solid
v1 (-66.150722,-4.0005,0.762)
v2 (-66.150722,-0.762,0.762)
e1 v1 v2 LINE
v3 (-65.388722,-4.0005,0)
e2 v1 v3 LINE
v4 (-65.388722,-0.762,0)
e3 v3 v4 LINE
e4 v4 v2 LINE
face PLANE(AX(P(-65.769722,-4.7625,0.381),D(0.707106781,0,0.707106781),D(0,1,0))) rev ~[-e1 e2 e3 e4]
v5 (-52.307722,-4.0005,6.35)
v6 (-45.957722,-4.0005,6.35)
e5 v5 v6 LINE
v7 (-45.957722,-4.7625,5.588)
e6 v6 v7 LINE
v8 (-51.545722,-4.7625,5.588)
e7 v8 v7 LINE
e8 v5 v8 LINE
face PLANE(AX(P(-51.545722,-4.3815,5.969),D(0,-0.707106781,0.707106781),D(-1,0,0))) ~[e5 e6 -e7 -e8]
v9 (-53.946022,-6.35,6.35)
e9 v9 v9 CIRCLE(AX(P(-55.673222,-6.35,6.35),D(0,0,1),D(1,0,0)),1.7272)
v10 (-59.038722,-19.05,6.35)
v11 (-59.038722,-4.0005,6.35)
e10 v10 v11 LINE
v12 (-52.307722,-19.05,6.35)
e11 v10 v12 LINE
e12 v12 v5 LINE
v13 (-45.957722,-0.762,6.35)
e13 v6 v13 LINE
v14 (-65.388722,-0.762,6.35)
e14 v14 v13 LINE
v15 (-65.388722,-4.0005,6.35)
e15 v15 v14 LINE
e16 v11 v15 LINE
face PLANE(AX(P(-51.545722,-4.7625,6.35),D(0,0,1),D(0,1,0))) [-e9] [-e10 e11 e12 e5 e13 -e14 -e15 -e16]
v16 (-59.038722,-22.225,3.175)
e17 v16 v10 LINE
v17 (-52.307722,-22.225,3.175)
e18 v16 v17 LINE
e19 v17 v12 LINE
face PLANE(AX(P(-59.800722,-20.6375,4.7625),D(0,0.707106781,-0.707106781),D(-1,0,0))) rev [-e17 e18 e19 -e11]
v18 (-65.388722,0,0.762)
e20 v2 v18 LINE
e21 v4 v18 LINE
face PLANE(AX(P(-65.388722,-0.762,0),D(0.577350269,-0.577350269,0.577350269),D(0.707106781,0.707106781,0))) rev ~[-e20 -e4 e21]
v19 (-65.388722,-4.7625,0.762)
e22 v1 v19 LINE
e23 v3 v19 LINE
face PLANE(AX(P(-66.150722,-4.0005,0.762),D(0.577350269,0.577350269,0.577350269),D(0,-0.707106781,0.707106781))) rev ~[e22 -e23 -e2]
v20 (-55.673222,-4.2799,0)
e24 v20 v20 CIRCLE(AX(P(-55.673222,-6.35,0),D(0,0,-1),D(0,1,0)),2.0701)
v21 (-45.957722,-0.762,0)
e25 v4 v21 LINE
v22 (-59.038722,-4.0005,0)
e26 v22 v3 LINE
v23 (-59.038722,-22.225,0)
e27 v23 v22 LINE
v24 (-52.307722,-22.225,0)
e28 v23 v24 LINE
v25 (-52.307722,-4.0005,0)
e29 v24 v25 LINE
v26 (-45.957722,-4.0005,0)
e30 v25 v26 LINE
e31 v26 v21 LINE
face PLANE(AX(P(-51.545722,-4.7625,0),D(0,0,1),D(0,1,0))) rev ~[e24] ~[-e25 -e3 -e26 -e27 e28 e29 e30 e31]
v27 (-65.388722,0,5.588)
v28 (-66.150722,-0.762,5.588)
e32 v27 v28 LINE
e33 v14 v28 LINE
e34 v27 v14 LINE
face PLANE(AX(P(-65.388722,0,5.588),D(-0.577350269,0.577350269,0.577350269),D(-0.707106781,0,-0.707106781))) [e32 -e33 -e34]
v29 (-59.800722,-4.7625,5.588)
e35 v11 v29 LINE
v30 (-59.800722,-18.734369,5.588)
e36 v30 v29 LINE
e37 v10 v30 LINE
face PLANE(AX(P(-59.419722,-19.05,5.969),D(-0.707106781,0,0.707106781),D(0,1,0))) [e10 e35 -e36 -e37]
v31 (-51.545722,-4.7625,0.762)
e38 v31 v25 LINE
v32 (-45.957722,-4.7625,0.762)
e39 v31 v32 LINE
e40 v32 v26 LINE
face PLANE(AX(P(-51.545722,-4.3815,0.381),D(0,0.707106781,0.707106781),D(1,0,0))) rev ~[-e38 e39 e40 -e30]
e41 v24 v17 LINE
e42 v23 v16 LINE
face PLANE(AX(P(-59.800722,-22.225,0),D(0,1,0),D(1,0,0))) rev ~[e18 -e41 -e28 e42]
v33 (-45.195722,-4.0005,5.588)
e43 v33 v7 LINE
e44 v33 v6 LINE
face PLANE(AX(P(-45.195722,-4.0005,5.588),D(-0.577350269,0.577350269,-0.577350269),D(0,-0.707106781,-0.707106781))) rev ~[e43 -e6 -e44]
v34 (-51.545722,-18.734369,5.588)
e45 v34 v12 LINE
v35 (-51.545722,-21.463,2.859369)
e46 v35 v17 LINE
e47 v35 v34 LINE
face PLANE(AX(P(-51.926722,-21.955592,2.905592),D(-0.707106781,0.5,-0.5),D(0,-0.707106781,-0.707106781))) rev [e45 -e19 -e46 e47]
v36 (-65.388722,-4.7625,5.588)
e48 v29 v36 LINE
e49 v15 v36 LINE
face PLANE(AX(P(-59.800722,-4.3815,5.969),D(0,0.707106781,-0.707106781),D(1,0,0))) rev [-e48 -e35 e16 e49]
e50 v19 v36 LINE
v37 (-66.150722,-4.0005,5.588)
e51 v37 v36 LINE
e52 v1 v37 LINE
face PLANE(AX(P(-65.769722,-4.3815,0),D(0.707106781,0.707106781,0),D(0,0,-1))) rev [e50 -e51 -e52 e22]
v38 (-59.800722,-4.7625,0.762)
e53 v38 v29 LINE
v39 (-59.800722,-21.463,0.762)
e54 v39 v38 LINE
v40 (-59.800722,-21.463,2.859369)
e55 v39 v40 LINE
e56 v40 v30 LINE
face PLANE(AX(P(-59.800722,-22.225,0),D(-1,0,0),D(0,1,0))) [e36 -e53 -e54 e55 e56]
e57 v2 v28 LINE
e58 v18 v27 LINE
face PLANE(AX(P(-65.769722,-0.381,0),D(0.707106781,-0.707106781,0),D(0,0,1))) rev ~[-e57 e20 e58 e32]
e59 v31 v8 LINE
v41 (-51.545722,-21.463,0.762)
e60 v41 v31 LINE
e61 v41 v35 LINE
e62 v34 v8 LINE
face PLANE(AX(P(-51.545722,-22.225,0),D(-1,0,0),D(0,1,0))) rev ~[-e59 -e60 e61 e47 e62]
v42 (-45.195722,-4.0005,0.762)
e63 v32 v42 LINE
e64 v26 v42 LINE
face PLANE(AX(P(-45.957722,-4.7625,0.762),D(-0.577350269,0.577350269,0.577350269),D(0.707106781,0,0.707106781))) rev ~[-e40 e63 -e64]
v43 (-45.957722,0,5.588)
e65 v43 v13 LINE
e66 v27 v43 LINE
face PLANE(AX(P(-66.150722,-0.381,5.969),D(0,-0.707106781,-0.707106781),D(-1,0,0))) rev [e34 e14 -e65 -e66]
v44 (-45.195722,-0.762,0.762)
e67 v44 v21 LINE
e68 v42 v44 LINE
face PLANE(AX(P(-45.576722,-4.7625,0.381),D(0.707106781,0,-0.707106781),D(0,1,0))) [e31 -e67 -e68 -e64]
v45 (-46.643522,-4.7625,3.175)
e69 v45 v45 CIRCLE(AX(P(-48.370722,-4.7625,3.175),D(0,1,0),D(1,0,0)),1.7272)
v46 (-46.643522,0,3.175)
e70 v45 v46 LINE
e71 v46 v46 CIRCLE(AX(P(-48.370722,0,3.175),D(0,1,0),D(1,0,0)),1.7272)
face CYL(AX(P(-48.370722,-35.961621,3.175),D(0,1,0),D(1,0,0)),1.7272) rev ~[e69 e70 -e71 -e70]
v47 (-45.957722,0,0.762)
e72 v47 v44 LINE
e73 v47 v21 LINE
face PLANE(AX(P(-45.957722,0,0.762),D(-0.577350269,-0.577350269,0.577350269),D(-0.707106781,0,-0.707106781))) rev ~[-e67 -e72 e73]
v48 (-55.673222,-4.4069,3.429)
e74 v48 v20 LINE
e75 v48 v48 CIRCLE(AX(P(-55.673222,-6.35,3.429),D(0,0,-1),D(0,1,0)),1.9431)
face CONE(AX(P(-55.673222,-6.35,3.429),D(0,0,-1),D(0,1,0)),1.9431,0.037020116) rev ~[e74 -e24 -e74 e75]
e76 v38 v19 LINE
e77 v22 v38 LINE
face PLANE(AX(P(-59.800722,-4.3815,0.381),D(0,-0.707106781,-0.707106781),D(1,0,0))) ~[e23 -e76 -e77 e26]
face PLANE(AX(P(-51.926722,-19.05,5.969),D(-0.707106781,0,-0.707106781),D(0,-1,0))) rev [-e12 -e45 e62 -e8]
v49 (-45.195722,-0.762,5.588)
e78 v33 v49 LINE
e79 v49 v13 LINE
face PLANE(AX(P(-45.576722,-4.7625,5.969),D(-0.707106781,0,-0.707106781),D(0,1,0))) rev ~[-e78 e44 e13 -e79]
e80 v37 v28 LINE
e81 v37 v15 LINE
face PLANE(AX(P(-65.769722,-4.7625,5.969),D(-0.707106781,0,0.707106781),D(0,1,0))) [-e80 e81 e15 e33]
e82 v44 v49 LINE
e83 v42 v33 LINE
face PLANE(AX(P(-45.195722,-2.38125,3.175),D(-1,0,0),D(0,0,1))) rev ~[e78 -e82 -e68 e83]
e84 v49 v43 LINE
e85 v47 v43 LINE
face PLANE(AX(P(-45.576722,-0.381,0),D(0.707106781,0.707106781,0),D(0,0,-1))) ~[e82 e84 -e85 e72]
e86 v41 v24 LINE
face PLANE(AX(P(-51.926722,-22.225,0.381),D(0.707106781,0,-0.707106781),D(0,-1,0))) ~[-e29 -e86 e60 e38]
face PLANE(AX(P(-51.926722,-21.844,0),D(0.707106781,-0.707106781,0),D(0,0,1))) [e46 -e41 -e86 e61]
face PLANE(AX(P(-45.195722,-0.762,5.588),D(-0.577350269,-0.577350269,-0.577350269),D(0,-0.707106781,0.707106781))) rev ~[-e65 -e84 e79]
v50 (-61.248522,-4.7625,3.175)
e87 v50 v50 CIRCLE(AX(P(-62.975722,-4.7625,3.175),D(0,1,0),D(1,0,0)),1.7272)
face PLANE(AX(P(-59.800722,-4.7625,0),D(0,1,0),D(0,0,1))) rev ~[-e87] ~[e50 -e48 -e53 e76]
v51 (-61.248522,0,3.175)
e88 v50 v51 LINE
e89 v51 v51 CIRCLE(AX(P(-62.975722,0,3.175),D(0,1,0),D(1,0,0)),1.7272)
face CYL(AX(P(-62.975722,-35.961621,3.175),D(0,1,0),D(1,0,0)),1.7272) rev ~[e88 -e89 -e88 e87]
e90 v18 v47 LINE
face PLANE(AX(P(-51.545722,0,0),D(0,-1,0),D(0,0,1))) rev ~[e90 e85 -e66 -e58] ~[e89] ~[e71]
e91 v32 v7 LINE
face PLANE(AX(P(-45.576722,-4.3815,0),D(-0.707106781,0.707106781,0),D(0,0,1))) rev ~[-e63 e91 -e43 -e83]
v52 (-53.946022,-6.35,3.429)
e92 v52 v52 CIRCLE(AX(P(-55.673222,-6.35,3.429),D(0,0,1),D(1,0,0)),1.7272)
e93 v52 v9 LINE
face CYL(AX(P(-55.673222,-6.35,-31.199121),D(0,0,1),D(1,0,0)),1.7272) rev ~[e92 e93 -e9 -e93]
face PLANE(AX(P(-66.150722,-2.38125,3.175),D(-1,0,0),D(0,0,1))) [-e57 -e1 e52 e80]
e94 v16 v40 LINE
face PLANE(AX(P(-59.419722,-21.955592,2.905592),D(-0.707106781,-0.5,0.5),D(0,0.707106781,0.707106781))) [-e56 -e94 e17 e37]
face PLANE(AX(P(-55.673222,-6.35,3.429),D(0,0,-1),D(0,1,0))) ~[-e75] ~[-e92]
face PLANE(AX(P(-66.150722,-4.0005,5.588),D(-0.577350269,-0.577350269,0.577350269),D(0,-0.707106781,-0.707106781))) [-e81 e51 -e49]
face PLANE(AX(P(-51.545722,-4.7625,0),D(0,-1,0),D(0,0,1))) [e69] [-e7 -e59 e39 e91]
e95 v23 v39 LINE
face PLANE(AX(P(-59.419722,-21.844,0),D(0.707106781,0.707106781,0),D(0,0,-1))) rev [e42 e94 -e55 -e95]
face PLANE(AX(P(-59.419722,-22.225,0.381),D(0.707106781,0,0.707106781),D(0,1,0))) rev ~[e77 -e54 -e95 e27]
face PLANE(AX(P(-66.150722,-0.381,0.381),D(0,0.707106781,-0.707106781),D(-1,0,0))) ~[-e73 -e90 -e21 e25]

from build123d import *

# Parameters (mm, degrees)
SKETCH1_W             = 8.255
SKETCH1_H             = 22.225
BOSS_EXTRUDE1_DEPTH   = 6.35
SKETCH2_W             = 6.35
SKETCH2_H             = 4.7625
BOSS_EXTRUDE2_DEPTH   = 6.35
BOSS_EXTRUDE3_START   = -8.255
SKETCH2_4_W           = 6.35
SKETCH2_4_H           = 4.7625
BOSS_EXTRUDE3_DEPTH   = 6.35
F_4_CLEARANCE_HOLE1_D = 3.4544
F_4_CLEARANCE_HOLE2_D = 3.4544
CHAMFER1_SIZE         = 3.175
CHAMFER2_SIZE         = 0.762


with BuildPart() as part:
    # Sketch1 → Boss-Extrude1 (new body)
    with BuildSketch(Plane.XY):
        with Locations((-55.673222486, -11.1125)):
            Rectangle(SKETCH1_W, SKETCH1_H)
    extrude(amount=BOSS_EXTRUDE1_DEPTH)

    # Sketch2 → Boss-Extrude2 (add)
    with BuildSketch(Plane.ZY.offset(59.800722486)):
        with Locations((3.175, -2.38125)):
            Rectangle(SKETCH2_W, SKETCH2_H)
    extrude(amount=BOSS_EXTRUDE2_DEPTH)

    # Sketch2<4> → Boss-Extrude3 (add)
    with BuildSketch(Plane.ZY.offset(59.800722486).offset(BOSS_EXTRUDE3_START)):
        with Locations((3.175, -2.38125)):
            Rectangle(SKETCH2_4_W, SKETCH2_4_H)
    extrude(amount=-BOSS_EXTRUDE3_DEPTH)

    # #4 Clearance Hole1 (through all)
    with Locations(Plane(origin=(0, 0, 0), x_dir=(-1, 0, 0), z_dir=(0, 0, -1))):
        with Locations((55.673222486, -6.35)):
            Hole(F_4_CLEARANCE_HOLE1_D / 2)

    # Sketch6 → Hole1 (revolve, cut)
    with BuildSketch(Plane(origin=(-55.673222486, -6.35, 0), x_dir=(0, 1, 0), z_dir=(1, 0, 0))):
        Polygon((0, 0), (0, 3.429), (1.9431, 3.429), (2.0701, 0), align=None)
    revolve(axis=Axis((-55.673222486, -6.35, 110), (0, 0, -1)), mode=Mode.SUBTRACT)

    # #4 Clearance Hole2 (through all)
    with Locations(Plane(origin=(0, -4.7625, 0), x_dir=(-1, 0, 0), z_dir=(0, -1, 0))):
        with Locations((48.370722486, -3.175), (62.975722486, -3.175)):
            Hole(F_4_CLEARANCE_HOLE2_D / 2)

    # Chamfer1
    chamfer1_edges = [part.edges().sort_by_distance(p)[0] for p in [
        (-55.673222486, -22.225, 6.35),
    ]]
    chamfer(chamfer1_edges, length=CHAMFER1_SIZE)

    # Chamfer2
    chamfer2_edges = [part.edges().sort_by_distance(p)[0] for p in [
        (-59.800722486, -13.49375, 0),
        (-59.800722486, -11.90625, 6.35),
        (-62.975722486, -4.7625, 6.35),
        (-62.975722486, -4.7625, 0),
        (-66.150722486, -2.38125, 6.35),
        (-55.673222486, 0, 6.35),
        (-66.150722486, 0, 3.175),
        (-66.150722486, -2.38125, 0),
        (-66.150722486, -4.7625, 3.175),
        (-45.195722486, -2.38125, 0),
        (-48.370722486, -4.7625, 0),
        (-45.195722486, 0, 3.175),
        (-48.370722486, -4.7625, 6.35),
        (-45.195722486, -2.38125, 6.35),
        (-45.195722486, -4.7625, 3.175),
        (-55.673222486, 0, 0),
        (-51.545722486, -13.49375, 0),
        (-51.545722486, -11.90625, 6.35),
        (-51.545722486, -22.225, 1.5875),
        (-51.545722486, -20.6375, 4.7625),
        (-59.800722486, -22.225, 1.5875),
        (-59.800722486, -20.6375, 4.7625),
    ]]
    chamfer(chamfer2_edges, length=CHAMFER2_SIZE)


solid = part.part
